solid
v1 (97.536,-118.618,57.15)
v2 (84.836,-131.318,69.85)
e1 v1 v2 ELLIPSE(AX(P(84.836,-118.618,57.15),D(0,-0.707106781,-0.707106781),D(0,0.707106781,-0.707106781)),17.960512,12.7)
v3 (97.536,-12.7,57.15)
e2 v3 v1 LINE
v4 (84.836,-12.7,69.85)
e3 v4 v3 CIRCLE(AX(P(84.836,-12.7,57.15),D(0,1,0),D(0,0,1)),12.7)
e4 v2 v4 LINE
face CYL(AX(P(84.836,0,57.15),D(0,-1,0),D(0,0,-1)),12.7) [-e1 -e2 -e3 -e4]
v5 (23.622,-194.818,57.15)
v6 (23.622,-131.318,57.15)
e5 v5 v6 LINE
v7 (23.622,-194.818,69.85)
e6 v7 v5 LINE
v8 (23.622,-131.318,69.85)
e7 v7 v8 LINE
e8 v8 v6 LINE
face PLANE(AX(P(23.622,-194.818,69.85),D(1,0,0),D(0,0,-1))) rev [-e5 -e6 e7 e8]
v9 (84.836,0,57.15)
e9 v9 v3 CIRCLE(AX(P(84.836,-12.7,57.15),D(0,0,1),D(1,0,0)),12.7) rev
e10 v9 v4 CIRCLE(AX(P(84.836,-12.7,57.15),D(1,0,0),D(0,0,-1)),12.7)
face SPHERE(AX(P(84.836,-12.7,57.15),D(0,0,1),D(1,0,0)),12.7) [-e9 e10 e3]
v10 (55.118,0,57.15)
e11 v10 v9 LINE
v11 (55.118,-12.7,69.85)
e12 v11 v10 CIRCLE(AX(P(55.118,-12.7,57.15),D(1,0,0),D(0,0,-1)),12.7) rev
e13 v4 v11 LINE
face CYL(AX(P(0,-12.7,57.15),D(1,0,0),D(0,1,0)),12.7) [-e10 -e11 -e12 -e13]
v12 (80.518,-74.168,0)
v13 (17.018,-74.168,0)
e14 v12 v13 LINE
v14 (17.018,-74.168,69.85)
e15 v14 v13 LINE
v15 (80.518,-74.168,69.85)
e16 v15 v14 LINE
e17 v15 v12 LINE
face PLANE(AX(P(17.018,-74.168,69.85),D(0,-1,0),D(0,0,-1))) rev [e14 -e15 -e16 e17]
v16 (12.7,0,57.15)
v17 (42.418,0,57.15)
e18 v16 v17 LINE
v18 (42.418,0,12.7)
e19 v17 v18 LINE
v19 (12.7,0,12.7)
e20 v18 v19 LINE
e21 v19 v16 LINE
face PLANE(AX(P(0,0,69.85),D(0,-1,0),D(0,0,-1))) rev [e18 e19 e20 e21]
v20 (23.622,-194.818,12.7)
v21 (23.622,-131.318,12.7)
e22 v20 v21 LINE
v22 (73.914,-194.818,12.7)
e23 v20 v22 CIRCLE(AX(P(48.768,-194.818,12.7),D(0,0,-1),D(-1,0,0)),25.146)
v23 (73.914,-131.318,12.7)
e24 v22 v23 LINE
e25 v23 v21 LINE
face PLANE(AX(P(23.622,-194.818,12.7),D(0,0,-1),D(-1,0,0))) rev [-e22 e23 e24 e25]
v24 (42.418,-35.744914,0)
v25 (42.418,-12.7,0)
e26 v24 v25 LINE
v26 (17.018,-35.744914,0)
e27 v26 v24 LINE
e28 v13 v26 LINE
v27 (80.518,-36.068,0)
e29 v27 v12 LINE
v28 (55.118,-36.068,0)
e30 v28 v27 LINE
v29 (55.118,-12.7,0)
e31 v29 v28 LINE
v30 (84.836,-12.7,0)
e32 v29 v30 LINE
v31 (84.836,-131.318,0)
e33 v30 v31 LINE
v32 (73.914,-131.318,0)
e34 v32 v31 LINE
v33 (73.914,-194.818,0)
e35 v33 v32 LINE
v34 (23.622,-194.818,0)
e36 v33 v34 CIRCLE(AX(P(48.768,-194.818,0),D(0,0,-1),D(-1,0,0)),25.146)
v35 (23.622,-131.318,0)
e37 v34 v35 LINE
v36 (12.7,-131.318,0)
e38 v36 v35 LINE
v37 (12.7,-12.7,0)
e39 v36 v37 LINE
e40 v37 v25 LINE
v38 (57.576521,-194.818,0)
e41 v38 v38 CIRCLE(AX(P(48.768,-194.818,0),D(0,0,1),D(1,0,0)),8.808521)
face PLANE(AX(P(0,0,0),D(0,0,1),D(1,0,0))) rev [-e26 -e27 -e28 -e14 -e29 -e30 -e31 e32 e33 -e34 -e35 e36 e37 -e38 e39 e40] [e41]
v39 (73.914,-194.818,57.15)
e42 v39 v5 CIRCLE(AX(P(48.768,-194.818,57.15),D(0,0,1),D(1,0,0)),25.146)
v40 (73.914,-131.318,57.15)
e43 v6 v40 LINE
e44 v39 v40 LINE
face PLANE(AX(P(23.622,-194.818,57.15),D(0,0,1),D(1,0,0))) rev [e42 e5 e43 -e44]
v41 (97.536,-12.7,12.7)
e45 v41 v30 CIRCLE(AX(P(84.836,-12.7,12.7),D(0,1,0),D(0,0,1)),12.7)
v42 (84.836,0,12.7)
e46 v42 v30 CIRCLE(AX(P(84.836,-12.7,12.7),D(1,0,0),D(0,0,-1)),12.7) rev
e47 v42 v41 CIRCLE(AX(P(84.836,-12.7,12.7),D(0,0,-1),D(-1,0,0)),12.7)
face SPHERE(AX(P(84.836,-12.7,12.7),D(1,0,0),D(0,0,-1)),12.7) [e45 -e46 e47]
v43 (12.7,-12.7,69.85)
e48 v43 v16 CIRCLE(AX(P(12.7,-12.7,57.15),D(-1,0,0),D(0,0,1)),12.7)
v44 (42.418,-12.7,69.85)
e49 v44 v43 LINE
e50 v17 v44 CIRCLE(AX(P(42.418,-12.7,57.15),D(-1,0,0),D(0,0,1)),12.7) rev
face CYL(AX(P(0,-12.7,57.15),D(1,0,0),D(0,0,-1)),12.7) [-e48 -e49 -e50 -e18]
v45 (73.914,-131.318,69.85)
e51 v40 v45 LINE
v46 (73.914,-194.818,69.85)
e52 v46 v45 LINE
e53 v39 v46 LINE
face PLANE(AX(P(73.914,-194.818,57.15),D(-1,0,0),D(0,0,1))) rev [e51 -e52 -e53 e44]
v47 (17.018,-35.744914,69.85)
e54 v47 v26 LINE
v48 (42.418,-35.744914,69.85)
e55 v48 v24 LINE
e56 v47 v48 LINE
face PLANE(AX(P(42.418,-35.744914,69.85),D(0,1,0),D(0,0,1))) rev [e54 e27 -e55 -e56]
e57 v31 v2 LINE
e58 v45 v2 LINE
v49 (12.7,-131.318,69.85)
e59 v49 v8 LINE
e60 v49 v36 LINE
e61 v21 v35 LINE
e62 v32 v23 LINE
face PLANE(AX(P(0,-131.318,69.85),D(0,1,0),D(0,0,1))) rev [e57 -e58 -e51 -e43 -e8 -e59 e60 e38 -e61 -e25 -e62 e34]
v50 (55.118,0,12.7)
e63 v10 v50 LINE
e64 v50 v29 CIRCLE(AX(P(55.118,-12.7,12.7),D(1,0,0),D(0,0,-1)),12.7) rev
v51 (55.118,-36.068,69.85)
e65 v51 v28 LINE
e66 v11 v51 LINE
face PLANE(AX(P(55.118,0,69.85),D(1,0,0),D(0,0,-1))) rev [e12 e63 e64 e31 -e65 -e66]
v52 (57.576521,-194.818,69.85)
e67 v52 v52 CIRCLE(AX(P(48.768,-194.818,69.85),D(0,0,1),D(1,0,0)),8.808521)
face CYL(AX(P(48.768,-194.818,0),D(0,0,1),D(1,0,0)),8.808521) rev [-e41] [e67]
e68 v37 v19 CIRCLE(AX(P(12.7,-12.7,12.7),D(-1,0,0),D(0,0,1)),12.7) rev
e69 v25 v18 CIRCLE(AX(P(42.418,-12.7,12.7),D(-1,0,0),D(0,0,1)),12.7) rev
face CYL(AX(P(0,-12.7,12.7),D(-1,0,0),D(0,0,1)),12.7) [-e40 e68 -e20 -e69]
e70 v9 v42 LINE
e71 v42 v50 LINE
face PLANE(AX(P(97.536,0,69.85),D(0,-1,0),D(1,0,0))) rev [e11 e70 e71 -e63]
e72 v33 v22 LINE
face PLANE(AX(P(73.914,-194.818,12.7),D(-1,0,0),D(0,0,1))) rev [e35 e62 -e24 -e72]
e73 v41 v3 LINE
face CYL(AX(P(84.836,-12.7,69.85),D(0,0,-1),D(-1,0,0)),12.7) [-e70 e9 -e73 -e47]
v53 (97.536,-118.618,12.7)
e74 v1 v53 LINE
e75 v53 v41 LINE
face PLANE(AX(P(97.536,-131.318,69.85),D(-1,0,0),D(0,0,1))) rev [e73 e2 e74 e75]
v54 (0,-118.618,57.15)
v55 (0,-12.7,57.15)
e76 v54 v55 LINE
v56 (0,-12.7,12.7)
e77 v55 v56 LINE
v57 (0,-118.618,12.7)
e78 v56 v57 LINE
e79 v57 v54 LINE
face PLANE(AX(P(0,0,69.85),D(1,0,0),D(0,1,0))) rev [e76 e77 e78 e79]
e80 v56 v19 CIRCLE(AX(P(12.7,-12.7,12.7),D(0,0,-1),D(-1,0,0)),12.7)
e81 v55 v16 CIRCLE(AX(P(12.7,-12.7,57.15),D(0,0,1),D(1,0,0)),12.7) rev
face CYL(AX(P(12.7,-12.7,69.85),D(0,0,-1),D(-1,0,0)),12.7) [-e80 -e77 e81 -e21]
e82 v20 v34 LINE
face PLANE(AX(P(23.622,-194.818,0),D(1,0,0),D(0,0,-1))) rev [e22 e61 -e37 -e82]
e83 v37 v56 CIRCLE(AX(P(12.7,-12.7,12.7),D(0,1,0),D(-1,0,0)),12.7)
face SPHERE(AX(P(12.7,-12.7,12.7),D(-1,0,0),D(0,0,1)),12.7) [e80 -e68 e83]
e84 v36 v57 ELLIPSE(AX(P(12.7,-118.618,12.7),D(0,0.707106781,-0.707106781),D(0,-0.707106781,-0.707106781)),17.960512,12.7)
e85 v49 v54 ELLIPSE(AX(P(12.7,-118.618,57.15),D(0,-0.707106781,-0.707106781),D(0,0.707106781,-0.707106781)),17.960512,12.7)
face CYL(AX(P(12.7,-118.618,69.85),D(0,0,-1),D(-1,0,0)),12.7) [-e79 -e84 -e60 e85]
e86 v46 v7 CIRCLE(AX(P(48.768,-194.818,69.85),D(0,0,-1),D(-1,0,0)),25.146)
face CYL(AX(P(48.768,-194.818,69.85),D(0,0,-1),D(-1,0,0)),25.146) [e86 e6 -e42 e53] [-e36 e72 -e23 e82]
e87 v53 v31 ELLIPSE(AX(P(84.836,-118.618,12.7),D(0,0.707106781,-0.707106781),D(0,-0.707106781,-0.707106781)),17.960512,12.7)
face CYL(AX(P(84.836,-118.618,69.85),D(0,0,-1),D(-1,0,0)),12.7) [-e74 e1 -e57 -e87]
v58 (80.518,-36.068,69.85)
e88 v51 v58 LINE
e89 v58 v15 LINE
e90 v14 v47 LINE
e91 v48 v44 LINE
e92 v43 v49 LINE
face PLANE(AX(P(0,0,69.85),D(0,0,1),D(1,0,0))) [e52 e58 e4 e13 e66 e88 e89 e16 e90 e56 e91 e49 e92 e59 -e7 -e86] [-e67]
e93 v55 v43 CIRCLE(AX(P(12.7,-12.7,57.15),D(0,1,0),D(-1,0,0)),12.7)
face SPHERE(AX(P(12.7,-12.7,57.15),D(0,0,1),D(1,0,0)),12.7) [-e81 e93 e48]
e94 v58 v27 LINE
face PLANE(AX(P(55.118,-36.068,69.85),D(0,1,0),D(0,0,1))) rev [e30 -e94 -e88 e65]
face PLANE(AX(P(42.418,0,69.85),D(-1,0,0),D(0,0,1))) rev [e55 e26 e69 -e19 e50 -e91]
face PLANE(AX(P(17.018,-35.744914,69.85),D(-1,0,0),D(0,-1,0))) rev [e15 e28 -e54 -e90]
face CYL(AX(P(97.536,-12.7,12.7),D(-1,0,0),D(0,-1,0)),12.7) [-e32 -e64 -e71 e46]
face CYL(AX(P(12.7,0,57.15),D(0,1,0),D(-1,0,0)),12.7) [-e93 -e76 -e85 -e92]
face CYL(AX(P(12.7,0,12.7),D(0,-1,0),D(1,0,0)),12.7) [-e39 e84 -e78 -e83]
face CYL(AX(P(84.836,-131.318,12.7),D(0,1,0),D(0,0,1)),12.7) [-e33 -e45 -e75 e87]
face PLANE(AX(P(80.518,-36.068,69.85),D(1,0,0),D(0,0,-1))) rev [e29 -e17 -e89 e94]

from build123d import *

# Parameters (mm, degrees)
BOSS_EXTRUDE1_DEPTH = 69.85
SKETCH2_W           = 50.292
SKETCH2_H           = 12.7
BOSS_EXTRUDE2_DEPTH = 63.5
SKETCH5_R           = 25.146
BOSS_EXTRUDE3_DEPTH = 69.85
SKETCH8_R           = 8.808520998
CUT_EXTRUDE2_DEPTH  = 251.552300113
FILLET7_R           = 12.7


with BuildPart() as part:
    # Sketch1 → Boss-Extrude1 (new body)
    with BuildSketch(Plane.XY):
        Polygon((0, 0), (42.418, 0), (42.418, -35.744914454), (17.018, -35.744914454), (17.018, -74.168), (80.518, -74.168), (80.518, -36.068), (55.118, -36.068), (55.118, 0), (97.536, 0), (97.536, -131.318), (0, -131.318), align=None)
    extrude(amount=BOSS_EXTRUDE1_DEPTH)

    # Sketch2 → Boss-Extrude2 (add)
    with BuildSketch(Plane.XZ.offset(131.318)):
        with Locations((48.768, 6.35)):
            Rectangle(SKETCH2_W, SKETCH2_H)
        with Locations((48.768, 63.5)):
            Rectangle(SKETCH2_W, SKETCH2_H)
    extrude(amount=BOSS_EXTRUDE2_DEPTH)

    # Sketch5 → Boss-Extrude3 (add)
    with BuildSketch(Plane(origin=(0, 0, 0), x_dir=(-1, 0, 0), z_dir=(0, 0, -1))):
        with Locations((-48.768, -194.818)):
            Circle(SKETCH5_R)
    extrude(amount=-BOSS_EXTRUDE3_DEPTH)

    # Sketch8 → Cut-Extrude2 (cut, through all)
    with BuildSketch(Plane.XY.offset(69.85)):
        with Locations((48.768, -194.818)):
            Circle(SKETCH8_R)
    extrude(amount=-CUT_EXTRUDE2_DEPTH, mode=Mode.SUBTRACT)

    # Fillet7
    fillet7_edges = [part.edges().sort_by_distance(p)[0] for p in [
        (21.209, 0, 0),
        (97.536, -65.659, 69.85),
        (76.327, 0, 0),
        (97.536, -65.659, 0),
        (0, -65.659, 0),
        (76.327, 0, 69.85),
        (0, 0, 34.925),
        (97.536, 0, 34.925),
        (97.536, -131.318, 34.925),
        (0, -131.318, 34.925),
        (21.209, 0, 69.85),
        (0, -65.659, 69.85),
    ]]
    fillet(fillet7_edges, radius=FILLET7_R)


solid = part.part
